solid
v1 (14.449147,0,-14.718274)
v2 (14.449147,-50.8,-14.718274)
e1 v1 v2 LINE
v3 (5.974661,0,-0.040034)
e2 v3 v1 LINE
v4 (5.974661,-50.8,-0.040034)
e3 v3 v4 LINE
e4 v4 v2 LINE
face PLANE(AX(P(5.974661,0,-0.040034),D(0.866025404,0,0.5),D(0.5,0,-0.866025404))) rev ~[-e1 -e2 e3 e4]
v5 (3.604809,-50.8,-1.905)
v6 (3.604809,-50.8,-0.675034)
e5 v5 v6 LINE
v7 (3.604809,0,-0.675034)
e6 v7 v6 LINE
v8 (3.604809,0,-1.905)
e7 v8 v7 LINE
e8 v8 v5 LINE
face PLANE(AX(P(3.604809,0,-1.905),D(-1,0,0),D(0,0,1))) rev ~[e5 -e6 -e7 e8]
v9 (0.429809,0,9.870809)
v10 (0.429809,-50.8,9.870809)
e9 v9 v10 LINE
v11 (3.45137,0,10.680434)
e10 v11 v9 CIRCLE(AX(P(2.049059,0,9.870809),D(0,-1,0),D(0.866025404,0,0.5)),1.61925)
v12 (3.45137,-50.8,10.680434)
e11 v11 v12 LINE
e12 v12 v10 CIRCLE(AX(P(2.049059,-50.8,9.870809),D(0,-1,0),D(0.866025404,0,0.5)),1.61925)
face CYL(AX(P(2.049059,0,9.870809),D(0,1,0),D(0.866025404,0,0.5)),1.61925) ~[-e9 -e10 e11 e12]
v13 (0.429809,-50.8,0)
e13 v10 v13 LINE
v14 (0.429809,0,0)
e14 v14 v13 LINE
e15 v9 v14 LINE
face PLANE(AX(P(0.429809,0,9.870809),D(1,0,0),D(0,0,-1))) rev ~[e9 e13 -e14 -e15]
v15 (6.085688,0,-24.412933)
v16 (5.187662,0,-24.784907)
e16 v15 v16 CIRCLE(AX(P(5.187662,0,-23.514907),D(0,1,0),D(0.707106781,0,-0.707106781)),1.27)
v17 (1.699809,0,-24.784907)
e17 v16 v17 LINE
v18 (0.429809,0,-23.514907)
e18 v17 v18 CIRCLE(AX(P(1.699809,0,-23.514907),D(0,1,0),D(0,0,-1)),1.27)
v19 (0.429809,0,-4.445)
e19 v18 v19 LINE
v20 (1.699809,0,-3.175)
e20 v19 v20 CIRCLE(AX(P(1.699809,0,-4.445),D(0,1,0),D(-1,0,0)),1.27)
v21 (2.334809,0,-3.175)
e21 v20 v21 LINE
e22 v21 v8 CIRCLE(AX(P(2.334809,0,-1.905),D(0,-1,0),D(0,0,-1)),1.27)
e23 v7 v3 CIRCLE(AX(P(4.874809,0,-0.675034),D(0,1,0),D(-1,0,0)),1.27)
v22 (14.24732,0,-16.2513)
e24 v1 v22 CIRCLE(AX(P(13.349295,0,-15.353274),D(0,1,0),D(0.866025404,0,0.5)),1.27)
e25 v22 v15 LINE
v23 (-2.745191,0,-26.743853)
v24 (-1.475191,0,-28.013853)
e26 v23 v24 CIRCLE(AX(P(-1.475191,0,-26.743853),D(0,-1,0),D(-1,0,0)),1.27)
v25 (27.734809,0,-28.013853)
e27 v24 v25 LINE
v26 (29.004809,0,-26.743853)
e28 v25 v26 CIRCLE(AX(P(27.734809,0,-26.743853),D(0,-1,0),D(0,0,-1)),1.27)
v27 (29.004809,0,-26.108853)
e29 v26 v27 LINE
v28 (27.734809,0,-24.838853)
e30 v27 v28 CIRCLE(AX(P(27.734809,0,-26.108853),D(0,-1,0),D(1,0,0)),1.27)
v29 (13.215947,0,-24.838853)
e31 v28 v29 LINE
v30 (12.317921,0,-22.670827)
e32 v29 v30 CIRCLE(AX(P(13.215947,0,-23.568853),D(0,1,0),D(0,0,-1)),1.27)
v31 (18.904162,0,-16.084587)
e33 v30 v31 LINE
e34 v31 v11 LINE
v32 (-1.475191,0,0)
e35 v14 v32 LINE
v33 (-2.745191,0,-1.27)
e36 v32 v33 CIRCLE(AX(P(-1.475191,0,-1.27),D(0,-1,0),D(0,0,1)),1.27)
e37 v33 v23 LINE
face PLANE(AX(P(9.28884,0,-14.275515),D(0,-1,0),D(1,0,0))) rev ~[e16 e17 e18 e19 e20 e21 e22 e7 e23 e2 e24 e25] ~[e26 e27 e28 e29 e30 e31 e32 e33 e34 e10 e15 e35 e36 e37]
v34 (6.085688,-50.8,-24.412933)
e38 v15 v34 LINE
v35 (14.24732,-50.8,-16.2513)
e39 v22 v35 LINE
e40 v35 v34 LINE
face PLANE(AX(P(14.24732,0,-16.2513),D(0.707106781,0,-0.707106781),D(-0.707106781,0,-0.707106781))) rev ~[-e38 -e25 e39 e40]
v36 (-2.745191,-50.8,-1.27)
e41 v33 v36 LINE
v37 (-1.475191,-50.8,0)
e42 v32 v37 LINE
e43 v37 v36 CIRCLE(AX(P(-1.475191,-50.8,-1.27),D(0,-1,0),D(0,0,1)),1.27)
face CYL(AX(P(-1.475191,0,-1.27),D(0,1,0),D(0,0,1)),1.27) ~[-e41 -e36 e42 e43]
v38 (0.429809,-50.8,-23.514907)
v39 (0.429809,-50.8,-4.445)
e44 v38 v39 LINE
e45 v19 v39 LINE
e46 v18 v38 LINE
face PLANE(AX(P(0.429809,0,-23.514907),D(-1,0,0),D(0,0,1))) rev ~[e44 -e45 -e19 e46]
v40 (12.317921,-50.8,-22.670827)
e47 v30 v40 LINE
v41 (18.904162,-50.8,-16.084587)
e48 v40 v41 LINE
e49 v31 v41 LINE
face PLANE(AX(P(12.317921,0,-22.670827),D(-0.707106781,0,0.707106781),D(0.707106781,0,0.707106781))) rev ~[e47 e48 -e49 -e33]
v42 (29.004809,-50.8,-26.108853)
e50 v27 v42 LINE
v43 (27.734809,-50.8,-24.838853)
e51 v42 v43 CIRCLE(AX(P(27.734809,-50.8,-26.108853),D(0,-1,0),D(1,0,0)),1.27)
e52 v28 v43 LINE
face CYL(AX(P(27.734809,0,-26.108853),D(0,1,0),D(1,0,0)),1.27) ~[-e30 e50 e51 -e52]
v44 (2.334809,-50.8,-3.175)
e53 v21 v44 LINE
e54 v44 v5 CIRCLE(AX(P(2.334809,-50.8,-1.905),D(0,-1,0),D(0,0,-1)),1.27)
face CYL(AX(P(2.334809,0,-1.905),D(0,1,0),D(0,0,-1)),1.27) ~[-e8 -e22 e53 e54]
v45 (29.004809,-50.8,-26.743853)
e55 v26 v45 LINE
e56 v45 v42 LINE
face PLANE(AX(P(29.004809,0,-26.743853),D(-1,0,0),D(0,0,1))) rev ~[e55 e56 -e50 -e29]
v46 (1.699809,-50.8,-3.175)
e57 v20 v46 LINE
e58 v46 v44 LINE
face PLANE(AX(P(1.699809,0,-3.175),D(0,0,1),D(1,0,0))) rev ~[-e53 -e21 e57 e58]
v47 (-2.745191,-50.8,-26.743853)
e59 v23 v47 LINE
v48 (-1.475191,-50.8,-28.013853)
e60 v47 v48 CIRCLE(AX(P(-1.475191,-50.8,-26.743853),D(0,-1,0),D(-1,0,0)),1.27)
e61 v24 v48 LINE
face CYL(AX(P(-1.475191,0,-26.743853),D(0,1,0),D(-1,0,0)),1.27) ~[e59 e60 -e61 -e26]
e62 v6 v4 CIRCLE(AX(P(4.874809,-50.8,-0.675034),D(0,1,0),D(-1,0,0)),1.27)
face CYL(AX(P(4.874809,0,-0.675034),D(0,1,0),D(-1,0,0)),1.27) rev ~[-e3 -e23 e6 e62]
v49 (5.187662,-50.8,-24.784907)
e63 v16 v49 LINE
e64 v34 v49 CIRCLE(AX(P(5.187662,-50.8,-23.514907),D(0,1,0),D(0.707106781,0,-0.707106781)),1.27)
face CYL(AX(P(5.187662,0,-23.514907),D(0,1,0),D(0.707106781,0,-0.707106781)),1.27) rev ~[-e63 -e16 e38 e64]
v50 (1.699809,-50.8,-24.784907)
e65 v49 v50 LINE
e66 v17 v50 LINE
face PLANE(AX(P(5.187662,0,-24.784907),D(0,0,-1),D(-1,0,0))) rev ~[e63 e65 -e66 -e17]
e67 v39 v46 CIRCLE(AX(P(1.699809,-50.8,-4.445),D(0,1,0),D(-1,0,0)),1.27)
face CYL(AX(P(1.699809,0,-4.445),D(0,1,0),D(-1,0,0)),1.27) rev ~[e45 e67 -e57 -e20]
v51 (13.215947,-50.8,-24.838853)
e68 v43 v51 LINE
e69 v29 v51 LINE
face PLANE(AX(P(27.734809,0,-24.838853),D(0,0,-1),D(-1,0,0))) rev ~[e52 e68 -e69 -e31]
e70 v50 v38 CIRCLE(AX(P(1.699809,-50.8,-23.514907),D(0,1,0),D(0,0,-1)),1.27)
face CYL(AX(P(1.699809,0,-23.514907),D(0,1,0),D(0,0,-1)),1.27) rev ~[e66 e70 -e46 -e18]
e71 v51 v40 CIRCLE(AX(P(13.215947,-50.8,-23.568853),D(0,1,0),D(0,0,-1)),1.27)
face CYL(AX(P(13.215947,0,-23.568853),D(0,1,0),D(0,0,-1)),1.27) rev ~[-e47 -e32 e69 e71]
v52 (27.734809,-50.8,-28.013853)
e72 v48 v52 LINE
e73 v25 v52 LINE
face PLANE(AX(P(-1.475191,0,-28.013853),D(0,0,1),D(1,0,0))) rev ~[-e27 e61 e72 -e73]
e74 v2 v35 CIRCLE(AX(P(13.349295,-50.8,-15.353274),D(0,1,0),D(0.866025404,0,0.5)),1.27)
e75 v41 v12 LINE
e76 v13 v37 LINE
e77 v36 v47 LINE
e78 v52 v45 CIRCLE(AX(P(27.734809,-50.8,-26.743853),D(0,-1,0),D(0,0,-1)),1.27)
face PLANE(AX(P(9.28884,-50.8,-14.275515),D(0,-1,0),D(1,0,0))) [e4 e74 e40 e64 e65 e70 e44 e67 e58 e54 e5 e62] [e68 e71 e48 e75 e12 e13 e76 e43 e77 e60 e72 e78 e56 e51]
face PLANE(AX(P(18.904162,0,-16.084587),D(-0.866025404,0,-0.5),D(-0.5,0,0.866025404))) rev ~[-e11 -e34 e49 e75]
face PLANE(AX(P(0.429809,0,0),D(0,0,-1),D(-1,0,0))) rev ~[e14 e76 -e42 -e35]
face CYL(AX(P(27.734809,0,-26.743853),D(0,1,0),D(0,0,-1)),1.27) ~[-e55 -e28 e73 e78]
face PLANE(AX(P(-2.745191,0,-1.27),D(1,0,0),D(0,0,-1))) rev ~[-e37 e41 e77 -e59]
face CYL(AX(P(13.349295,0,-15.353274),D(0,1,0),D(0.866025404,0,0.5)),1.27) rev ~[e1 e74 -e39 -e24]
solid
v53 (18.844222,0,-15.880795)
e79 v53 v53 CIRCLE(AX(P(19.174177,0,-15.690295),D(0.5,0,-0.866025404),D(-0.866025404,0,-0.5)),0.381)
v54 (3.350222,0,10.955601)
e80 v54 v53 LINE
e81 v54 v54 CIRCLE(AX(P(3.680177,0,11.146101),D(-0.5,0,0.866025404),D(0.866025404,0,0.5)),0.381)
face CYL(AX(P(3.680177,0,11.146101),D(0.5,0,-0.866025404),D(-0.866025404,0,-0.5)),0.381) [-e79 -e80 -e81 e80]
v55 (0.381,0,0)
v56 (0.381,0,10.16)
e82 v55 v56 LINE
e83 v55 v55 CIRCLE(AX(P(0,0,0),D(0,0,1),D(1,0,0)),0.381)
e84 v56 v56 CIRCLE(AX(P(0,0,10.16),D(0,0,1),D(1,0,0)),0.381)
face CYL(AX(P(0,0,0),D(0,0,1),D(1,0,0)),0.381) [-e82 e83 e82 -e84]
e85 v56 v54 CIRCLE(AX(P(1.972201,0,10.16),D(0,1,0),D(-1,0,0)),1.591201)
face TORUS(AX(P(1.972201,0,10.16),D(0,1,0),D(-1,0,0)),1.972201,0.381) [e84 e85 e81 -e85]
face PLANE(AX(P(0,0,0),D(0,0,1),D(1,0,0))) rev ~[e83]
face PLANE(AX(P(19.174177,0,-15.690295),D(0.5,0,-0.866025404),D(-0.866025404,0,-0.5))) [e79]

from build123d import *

# Parameters (mm, degrees)
F1_R     = 0.381
F4_DEPTH = 50.8


with BuildPart() as f2:
    # F2: sweep along a path in F0
    with BuildLine(Plane.XZ) as f2_path:
        Line((0, 0), (0, 10.16))
        ThreePointArc((0, 10.16), (1.4617579121, 12.065), (3.6801773982, 11.1461005618))
        Line((3.6801773982, 11.1461005618), (19.1741773982, -15.6902946506))
    # F1 (on Top) → F2 (sweep)
    with BuildSketch(Plane.XY):
        Circle(F1_R)
    sweep(path=f2_path.line)


with BuildPart() as f4:
    # F3 (on Front) → F4 (new body)
    with BuildSketch(Plane.XZ):
        with BuildLine():
            Line((-1.4751913242, -28.013853085), (27.7348086758, -28.013853085))
            ThreePointArc((27.7348086758, -28.013853085), (28.6328342879, -27.6418786971), (29.0048086758, -26.743853085))
            Line((29.0048086758, -26.743853085), (29.0048086758, -26.108853085))
            ThreePointArc((29.0048086758, -26.108853085), (28.6328342879, -25.2108274729), (27.7348086758, -24.838853085))
            Line((27.7348086758, -24.838853085), (13.215946679, -24.838853085))
            ThreePointArc((13.215946679, -24.838853085), (12.0426196727, -24.0548610441), (12.3179210669, -22.6708274729))
            Line((12.3179210669, -22.6708274729), (18.904161922, -16.0845866178))
            Line((18.904161922, -16.0845866178), (3.4513703108, 10.6804335716))
            ThreePointArc((3.4513703108, 10.6804335716), (1.629965937, 11.4348839658), (0.4298086758, 9.8708085716))
            Line((0.4298086758, 9.8708085716), (0.4298086758, 0))
            Line((0.4298086758, 0), (-1.4751913242, 0))
            ThreePointArc((-1.4751913242, 0), (-2.3732169363, -0.3719743879), (-2.7451913242, -1.27))
            Line((-2.7451913242, -1.27), (-2.7451913242, -26.743853085))
            ThreePointArc((-2.7451913242, -26.743853085), (-2.3732169363, -27.6418786971), (-1.4751913242, -28.013853085))
        make_face()
        with BuildLine():
            Line((5.1876620858, -24.7849071693), (1.6998086758, -24.7849071693))
            ThreePointArc((1.6998086758, -24.7849071693), (0.8017830637, -24.4129327814), (0.4298086758, -23.5149071693))
            Line((0.4298086758, -23.5149071693), (0.4298086758, -4.445))
            ThreePointArc((0.4298086758, -4.445), (0.8017830637, -3.5469743879), (1.6998086758, -3.175))
            Line((1.6998086758, -3.175), (2.3348086758, -3.175))
            ThreePointArc((2.3348086758, -3.175), (3.2328342879, -2.8030256121), (3.6048086758, -1.905))
            Line((3.6048086758, -1.905), (3.6048086758, -0.6750339979))
            ThreePointArc((3.6048086758, -0.6750339979), (4.5461084885, 0.5516918015), (5.9746609386, -0.0400339979))
            Line((5.9746609386, -0.0400339979), (14.4491470342, -14.7182744836))
            ThreePointArc((14.4491470342, -14.7182744836), (14.6084297454, -15.5190427478), (14.2473203835, -16.2513000957))
            Line((14.2473203835, -16.2513000957), (6.0856876979, -24.4129327814))
            ThreePointArc((6.0856876979, -24.4129327814), (5.6736700449, -24.6882341756), (5.1876620858, -24.7849071693))
        make_face(mode=Mode.SUBTRACT)
    extrude(amount=F4_DEPTH)


solid = Compound([f2.part, f4.part])
